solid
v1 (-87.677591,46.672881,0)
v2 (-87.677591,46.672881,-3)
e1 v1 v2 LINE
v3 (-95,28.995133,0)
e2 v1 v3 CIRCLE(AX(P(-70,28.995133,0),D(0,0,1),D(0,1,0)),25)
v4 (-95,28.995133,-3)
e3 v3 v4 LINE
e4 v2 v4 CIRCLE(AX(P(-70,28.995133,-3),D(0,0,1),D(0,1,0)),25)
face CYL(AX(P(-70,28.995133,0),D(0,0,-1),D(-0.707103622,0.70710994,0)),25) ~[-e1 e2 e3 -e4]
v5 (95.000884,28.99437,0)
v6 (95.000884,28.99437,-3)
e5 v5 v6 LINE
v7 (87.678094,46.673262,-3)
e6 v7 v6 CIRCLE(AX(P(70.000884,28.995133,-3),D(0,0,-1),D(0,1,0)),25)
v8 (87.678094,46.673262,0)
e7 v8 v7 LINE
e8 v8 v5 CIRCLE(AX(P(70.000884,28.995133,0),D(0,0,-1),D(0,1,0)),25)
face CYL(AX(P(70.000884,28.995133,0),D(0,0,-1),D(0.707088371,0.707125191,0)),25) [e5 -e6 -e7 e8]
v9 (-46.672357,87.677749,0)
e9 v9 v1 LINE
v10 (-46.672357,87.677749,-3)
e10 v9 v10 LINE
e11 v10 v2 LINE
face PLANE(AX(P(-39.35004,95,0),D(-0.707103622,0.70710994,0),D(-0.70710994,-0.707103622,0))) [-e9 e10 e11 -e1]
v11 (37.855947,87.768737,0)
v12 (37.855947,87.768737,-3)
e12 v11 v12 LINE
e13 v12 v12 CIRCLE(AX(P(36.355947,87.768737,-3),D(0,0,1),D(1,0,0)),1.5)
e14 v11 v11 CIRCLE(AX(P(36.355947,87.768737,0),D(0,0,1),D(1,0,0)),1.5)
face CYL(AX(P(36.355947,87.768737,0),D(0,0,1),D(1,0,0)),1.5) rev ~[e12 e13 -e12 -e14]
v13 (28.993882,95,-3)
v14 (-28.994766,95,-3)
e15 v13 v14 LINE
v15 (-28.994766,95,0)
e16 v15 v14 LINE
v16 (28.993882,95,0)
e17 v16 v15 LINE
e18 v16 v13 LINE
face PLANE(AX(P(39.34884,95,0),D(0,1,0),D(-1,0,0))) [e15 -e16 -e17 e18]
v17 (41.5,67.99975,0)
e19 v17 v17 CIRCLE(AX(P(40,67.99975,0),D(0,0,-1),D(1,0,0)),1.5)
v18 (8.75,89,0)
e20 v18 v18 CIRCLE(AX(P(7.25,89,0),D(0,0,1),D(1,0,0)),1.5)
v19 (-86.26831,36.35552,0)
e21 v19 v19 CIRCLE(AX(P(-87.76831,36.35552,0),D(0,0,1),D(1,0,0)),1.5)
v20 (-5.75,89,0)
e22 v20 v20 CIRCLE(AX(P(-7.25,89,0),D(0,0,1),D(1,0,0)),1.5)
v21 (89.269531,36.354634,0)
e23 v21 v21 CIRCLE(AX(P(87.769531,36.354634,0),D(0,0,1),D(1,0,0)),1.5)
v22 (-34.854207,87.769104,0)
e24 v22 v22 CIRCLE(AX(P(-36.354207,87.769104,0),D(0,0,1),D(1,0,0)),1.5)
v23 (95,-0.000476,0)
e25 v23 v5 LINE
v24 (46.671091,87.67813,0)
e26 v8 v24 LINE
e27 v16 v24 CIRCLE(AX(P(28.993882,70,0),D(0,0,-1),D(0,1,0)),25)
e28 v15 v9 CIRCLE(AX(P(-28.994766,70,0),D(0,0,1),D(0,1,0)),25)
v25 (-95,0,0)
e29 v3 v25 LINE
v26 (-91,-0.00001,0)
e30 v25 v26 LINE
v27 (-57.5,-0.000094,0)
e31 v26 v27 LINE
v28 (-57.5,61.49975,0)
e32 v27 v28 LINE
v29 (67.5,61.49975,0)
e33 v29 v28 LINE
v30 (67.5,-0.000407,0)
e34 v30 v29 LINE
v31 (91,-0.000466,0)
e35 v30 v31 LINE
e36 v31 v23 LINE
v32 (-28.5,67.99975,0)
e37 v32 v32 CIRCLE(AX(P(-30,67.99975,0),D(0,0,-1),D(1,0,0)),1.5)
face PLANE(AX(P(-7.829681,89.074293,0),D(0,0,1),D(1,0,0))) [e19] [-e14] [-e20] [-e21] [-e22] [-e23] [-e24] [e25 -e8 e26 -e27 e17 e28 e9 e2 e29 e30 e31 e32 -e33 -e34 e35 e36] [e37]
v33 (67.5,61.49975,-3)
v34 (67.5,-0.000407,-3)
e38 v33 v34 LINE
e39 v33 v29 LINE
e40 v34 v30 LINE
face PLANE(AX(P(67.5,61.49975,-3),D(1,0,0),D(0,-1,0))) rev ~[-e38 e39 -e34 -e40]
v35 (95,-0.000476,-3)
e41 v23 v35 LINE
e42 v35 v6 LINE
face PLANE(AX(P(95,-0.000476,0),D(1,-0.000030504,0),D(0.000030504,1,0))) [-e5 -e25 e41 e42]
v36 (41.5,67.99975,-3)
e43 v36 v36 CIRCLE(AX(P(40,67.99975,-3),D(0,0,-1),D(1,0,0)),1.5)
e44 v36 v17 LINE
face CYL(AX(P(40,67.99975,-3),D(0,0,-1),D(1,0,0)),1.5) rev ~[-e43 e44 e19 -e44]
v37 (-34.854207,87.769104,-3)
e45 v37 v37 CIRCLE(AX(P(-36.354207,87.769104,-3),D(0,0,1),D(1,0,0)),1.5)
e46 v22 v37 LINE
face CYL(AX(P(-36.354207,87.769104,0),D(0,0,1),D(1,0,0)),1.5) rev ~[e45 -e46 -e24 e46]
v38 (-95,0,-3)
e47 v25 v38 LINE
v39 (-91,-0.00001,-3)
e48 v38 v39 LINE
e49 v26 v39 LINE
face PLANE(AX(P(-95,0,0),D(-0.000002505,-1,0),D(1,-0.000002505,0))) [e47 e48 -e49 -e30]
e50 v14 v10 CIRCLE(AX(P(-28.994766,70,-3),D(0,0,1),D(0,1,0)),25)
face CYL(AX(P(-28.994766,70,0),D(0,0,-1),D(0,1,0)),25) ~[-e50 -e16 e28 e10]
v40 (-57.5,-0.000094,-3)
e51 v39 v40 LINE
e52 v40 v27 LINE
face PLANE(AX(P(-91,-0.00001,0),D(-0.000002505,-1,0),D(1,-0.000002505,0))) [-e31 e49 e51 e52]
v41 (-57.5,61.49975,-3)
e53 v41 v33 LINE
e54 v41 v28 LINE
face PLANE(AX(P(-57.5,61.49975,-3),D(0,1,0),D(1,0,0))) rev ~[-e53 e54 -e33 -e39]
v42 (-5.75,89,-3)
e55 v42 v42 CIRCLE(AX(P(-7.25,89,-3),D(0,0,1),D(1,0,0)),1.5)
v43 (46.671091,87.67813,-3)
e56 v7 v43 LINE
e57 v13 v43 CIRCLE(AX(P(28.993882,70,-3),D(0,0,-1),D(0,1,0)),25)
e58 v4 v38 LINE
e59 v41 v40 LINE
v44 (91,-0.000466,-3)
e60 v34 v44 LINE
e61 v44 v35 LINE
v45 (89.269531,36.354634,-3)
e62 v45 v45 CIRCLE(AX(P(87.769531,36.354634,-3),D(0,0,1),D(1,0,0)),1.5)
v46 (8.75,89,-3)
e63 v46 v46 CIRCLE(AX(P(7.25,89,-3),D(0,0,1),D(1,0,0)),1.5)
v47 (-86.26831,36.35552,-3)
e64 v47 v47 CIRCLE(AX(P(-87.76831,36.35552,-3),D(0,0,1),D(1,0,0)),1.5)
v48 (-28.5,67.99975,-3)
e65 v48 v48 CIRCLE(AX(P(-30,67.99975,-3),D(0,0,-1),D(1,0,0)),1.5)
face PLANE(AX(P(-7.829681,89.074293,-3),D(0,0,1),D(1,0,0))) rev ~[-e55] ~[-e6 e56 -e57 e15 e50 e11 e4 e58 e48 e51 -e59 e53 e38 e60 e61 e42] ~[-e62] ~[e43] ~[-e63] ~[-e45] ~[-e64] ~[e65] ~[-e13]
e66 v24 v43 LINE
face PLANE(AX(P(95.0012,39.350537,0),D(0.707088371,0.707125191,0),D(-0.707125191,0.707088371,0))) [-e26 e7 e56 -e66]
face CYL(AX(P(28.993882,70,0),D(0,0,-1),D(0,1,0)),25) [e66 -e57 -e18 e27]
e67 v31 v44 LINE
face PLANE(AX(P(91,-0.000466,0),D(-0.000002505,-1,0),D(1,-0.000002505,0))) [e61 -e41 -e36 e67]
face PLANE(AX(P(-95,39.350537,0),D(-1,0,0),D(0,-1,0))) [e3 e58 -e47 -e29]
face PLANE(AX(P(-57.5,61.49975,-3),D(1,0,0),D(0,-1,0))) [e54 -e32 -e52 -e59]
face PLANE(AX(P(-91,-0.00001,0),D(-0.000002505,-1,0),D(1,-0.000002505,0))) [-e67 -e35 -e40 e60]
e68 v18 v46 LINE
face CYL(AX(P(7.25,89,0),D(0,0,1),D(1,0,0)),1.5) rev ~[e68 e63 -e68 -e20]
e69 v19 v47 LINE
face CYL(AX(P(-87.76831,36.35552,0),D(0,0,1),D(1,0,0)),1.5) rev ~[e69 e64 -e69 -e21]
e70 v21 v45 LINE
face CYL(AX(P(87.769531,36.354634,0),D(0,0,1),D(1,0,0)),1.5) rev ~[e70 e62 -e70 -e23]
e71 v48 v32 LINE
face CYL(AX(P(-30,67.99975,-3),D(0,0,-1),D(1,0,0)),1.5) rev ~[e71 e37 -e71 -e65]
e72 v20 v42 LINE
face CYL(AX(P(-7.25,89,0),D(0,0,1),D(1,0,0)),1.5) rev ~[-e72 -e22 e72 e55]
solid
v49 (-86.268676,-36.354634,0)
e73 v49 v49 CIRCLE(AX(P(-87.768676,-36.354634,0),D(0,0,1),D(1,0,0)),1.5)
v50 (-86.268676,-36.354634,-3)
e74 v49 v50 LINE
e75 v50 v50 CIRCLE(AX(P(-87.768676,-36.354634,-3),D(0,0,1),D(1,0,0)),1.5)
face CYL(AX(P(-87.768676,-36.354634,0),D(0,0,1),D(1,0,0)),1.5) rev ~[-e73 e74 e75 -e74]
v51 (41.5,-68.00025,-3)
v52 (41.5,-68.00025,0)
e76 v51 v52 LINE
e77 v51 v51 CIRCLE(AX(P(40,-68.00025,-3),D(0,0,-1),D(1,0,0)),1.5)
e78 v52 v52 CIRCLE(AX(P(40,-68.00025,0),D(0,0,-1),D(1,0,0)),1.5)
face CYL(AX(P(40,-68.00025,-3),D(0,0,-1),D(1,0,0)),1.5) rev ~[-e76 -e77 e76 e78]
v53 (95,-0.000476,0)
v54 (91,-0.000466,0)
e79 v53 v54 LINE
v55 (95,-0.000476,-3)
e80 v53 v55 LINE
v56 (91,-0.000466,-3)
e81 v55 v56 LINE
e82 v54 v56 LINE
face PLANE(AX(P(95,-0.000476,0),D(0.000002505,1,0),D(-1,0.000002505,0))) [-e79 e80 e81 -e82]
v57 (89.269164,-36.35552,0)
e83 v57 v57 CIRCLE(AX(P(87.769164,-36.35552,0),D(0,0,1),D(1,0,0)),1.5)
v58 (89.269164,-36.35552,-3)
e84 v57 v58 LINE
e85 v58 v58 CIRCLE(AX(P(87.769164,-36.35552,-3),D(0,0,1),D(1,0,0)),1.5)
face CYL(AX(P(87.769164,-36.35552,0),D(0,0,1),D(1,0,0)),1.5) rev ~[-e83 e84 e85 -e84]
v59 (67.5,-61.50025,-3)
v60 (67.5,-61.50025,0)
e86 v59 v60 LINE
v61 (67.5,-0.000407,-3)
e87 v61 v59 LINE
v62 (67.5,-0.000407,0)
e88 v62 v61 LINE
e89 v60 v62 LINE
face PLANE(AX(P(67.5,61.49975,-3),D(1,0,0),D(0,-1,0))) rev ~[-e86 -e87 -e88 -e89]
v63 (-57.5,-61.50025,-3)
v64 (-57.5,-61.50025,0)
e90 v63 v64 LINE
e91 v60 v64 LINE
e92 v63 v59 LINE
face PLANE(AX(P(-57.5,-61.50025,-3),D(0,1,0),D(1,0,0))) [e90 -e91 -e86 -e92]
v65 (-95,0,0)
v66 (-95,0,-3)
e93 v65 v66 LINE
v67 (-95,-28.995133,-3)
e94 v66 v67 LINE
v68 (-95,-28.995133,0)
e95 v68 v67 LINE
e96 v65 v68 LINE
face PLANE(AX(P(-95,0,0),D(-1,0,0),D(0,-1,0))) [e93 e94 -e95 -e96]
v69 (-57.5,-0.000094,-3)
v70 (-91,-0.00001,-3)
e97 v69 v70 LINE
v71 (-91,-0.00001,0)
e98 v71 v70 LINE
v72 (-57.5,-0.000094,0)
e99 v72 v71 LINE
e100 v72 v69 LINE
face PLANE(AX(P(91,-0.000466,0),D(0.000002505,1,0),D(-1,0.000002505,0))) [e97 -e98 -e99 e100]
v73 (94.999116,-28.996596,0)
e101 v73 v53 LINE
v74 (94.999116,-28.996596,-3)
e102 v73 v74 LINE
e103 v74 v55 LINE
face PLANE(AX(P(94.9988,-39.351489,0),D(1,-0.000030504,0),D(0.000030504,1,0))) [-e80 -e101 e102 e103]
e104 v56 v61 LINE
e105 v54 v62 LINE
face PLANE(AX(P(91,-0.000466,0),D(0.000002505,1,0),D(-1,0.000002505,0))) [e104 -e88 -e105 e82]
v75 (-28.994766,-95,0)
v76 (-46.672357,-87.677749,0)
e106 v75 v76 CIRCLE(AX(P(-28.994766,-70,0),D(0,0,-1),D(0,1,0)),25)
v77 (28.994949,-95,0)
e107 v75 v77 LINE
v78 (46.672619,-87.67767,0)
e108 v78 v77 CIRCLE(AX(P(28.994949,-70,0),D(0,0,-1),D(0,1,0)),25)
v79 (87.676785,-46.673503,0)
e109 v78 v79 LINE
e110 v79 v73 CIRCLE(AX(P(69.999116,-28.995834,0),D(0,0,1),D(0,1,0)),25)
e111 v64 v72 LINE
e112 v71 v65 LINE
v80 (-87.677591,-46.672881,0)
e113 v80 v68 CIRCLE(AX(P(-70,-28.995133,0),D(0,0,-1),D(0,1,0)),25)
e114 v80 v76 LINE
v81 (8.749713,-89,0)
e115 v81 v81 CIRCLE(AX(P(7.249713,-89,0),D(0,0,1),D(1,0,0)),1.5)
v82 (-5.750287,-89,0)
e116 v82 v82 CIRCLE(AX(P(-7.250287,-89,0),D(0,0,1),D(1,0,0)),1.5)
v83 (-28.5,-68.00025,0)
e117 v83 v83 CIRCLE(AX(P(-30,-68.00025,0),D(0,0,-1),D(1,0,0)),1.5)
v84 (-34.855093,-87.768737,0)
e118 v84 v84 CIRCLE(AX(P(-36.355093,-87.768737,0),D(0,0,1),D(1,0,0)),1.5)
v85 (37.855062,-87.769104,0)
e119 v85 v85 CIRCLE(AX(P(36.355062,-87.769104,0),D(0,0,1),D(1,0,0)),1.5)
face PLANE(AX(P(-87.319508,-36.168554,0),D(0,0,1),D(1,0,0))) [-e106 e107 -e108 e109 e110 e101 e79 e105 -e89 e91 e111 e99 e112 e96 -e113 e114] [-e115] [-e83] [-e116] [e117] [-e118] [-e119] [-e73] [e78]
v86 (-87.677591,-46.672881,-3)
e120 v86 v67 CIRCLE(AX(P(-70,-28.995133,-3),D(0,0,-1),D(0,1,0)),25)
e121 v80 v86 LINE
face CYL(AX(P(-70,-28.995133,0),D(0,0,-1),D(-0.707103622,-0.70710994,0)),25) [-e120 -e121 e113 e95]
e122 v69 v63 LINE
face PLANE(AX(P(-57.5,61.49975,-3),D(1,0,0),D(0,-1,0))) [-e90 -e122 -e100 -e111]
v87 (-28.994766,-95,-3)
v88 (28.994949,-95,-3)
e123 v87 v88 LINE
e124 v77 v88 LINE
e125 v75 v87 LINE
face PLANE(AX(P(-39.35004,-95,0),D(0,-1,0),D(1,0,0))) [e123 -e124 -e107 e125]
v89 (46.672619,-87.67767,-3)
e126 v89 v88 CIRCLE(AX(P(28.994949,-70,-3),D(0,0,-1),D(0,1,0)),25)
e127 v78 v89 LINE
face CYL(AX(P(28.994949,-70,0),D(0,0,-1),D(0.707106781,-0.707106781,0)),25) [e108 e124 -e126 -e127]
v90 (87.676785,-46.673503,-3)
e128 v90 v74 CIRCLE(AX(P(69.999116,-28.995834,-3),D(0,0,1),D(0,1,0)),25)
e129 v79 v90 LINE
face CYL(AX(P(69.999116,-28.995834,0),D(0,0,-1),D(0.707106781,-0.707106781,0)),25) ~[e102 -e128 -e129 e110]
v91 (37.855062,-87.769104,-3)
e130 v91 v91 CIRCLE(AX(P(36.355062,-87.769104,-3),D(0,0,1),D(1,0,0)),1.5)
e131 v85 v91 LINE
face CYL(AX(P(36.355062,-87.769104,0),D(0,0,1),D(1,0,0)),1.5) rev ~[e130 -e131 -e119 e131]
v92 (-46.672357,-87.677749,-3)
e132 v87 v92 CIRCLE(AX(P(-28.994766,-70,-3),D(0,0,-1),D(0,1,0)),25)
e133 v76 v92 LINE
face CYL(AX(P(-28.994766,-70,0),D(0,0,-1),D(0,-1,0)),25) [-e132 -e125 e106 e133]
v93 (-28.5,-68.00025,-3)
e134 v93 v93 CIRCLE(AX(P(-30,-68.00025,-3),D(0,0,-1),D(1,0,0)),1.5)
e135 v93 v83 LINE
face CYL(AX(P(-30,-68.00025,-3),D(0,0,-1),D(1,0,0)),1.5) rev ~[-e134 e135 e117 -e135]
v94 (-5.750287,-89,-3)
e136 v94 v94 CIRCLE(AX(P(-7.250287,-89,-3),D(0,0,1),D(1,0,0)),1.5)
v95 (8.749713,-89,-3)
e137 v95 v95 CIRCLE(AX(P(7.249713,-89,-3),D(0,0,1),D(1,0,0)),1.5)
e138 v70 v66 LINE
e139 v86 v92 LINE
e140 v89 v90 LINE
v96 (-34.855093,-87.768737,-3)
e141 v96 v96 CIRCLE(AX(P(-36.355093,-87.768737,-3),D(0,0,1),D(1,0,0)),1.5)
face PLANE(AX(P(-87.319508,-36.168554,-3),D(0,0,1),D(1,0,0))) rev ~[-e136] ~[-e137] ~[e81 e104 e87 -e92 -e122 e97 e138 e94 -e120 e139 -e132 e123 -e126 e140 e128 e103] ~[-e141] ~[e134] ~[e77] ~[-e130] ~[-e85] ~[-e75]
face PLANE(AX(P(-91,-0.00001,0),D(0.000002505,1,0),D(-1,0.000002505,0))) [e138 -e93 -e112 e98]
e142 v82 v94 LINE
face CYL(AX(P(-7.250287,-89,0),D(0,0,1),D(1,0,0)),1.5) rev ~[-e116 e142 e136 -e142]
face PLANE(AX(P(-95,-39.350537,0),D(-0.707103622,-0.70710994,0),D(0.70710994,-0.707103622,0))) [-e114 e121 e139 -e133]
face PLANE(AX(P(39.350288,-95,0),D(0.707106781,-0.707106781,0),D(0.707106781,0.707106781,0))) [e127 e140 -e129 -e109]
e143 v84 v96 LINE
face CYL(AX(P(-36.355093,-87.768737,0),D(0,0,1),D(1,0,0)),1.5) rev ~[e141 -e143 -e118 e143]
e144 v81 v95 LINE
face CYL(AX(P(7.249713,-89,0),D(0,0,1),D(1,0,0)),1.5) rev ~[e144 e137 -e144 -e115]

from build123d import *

# Parameters (mm, degrees)
F0_R     = 1.5
F1_DEPTH = 3
F2_DEPTH = 3
F3_R     = 1.5
F3_W     = 125
F3_H     = 123
F4_DEPTH = 25
F5_R     = 25
F5_2_R   = 25


with BuildPart() as f1:
    # F0 (on Top) → F1 (new body)
    with BuildSketch(Plane.XY):
        with BuildLine():
            ThreePointArc((0, 89), (-0.6973463578, 89.9599418783), (-1.2683625187, 91))
            Line((-1.2683625187, 91), (-15.7683625187, 91))
            ThreePointArc((-15.7683625187, 91), (-8.4341392949, 85.6640311627), (0, 89))
        make_face()
        with Locations((-7.25, 89)):
            Circle(F0_R, mode=Mode.SUBTRACT)
        with BuildLine():
            Line((15.7683625187, 91), (1.2683625187, 91))
            ThreePointArc((1.2683625187, 91), (0.6973463578, 89.9599418783), (0, 89))
            ThreePointArc((0, 89), (8.4341392949, 85.6640311627), (15.7683625187, 91))
        make_face()
        with Locations((7.25, 89)):
            Circle(F0_R, mode=Mode.SUBTRACT)
        with BuildLine():
            Line((1.2683625187, 91), (-0.000574854, 91))
            Line((-0.000574854, 91), (0, 89))
            ThreePointArc((0, 89), (0.6973463578, 89.9599418783), (1.2683625187, 91))
        make_face()
        with BuildLine():
            Line((0, 89), (-0.000574854, 91))
            Line((-0.000574854, 91), (-1.2683625187, 91))
            ThreePointArc((-1.2683625187, 91), (-0.6973463578, 89.9599418783), (0, 89))
        make_face()
        with BuildLine():
            Line((-91, 37.6936723133), (-91, 28.0082585))
            ThreePointArc((-91, 28.0082585), (-83.8880424277, 34.7482164852), (-84.1505981222, 44.5430129946))
            Line((-84.1505981222, 44.5430129946), (-91, 37.6936723133))
        make_face()
        with Locations((-87.7683096221, 36.3555198846)):
            Circle(F0_R, mode=Mode.SUBTRACT)
        with BuildLine():
            Line((-91, 28.0082585), (-91, -1.00187e-05))
            Line((-91, -1.00187e-05), (91.0000000281, -0.0004658706))
            Line((91.0000000281, -0.0004658706), (91.0008543633, 28.0070940869))
            ThreePointArc((91.0008543633, 28.0070940869), (83.8892324192, 34.747406207), (84.1522758499, 44.5421896302))
            Line((84.1522758499, 44.5421896302), (44.5420451533, 84.150357852))
            ThreePointArc((44.5420451533, 84.150357852), (34.748138544, 83.8886788641), (28.008836335, 91))
            Line((28.008836335, 91), (15.7683625187, 91))
            ThreePointArc((15.7683625187, 91), (8.4341392949, 85.6640311627), (0, 89))
            ThreePointArc((0, 89), (-8.4341392949, 85.6640311627), (-15.7683625187, 91))
            Line((-15.7683625187, 91), (-28.0068175825, 91))
            ThreePointArc((-28.0068175825, 91), (-34.7470657033, 83.8887693351), (-44.5415231064, 84.1517341196))
            Line((-44.5415231064, 84.1517341196), (-84.1505981222, 44.5430129946))
            ThreePointArc((-84.1505981222, 44.5430129946), (-83.8880424277, 34.7482164852), (-91, 28.0082585))
        make_face()
        with BuildLine():
            Line((-37.6931960391, 91), (-44.5415231064, 84.1517341196))
            ThreePointArc((-44.5415231064, 84.1517341196), (-34.7470657033, 83.8887693351), (-28.0068175825, 91))
            Line((-28.0068175825, 91), (-37.6931960391, 91))
        make_face()
        with Locations((-36.3542071419, 87.769103613)):
            Circle(F0_R, mode=Mode.SUBTRACT)
        Polygon((-95, 39.3505370304), (-95, 0), (-91, -1.00187e-05), (-91, 28.0082585), (-91, 37.6936723133), (-84.1505981222, 44.5430129946), (-44.5415231064, 84.1517341196), (-37.6931960391, 91), (-28.0068175825, 91), (-15.7683625187, 91), (-1.2683625187, 91), (-0.000574854, 91), (-0.0006001223, 95), (-39.350039821, 95), align=None)
        Polygon((91.0008543633, 28.0070940869), (91.0000000281, -0.0004658706), (95.0000000297, -0.0004758893), (95.0012003826, 39.3505369701), (39.3488395763, 95), (-0.0006001223, 95), (-0.000574854, 91), (1.2683625187, 91), (15.7683625187, 91), (28.008836335, 91), (37.692046331, 91), (44.5420451533, 84.150357852), (84.1522758499, 44.5421896302), (91.0011498402, 37.6936722556), align=None)
        with BuildLine():
            ThreePointArc((84.1522758499, 44.5421896302), (83.8892324192, 34.747406207), (91.0008543633, 28.0070940869))
            Line((91.0008543633, 28.0070940869), (91.0011498402, 37.6936722556))
            Line((91.0011498402, 37.6936722556), (84.1522758499, 44.5421896302))
        make_face()
        with Locations((87.7695307984, 36.3546343199)):
            Circle(F0_R, mode=Mode.SUBTRACT)
        with BuildLine():
            ThreePointArc((28.008836335, 91), (34.748138544, 83.8886788641), (44.5420451533, 84.150357852))
            Line((44.5420451533, 84.150357852), (37.692046331, 91))
            Line((37.692046331, 91), (28.008836335, 91))
        make_face()
        with Locations((36.3559470699, 87.7687368001)):
            Circle(F0_R, mode=Mode.SUBTRACT)
    extrude(amount=-F1_DEPTH)


with BuildPart() as f2:
    # F0 (on Top) → F2 (new body)
    with BuildSketch(Plane.XY):
        with BuildLine():
            ThreePointArc((-84.1514214865, -44.5421896376), (-83.8883780558, -34.7474062144), (-91, -28.0070940943))
            Line((-91, -28.0070940943), (-91, -37.6936723133))
            Line((-91, -37.6936723133), (-84.1514214865, -44.5421896376))
        make_face()
        with Locations((-87.768676435, -36.3546343273)):
            Circle(F0_R, mode=Mode.SUBTRACT)
        with BuildLine():
            Line((90.9988502167, -37.6945839593), (90.9991456674, -28.0088612088))
            ThreePointArc((90.9991456674, -28.0088612088), (83.8886980637, -34.7486962581), (84.1511187188, -44.5423154571))
            Line((84.1511187188, -44.5423154571), (90.9988502167, -37.6945839593))
        make_face()
        with Locations((87.7691639855, -36.3555198919)):
            Circle(F0_R, mode=Mode.SUBTRACT)
        with BuildLine():
            Line((37.693434176, -91), (44.5419192997, -84.1515148763))
            ThreePointArc((44.5419192997, -84.1515148763), (34.747685436, -83.8888665236), (28.0076719484, -91))
            Line((28.0076719484, -91), (37.693434176, -91))
        make_face()
        with Locations((36.3550615053, -87.7691036204)):
            Circle(F0_R, mode=Mode.SUBTRACT)
        with BuildLine():
            ThreePointArc((-0.000287427, -89.0000000674), (0.6970589308, -89.9599419458), (1.2680750917, -91.0000000674))
            Line((1.2680750917, -91), (15.7680750917, -91))
            ThreePointArc((15.7680750917, -91.0000000674), (8.4338518679, -85.6640312302), (-0.000287427, -89.0000000674))
        make_face()
        with Locations((7.249712573, -89.0000000674)):
            Circle(F0_R, mode=Mode.SUBTRACT)
        with BuildLine():
            Line((-15.7686499457, -91), (-1.2686499457, -91))
            ThreePointArc((-1.2686499457, -91.0000000674), (-0.6976337848, -89.9599419458), (-0.000287427, -89.0000000674))
            ThreePointArc((-0.000287427, -89.0000000674), (-8.4344267219, -85.6640312302), (-15.7686499457, -91.0000000674))
        make_face()
        with Locations((-7.250287427, -89.0000000674)):
            Circle(F0_R, mode=Mode.SUBTRACT)
        with BuildLine():
            ThreePointArc((-28.0079819742, -91), (-34.7478759774, -83.8884337109), (-44.5423464609, -84.1509107725))
            Line((-44.5423464609, -84.1509107725), (-37.6931960391, -91))
            Line((-37.6931960391, -91), (-28.0079819742, -91))
        make_face()
        with Locations((-36.3550927066, -87.7687368075)):
            Circle(F0_R, mode=Mode.SUBTRACT)
        with BuildLine():
            Line((-1.2686499457, -91), (0.0001190684, -91))
            Line((0.0001190684, -91), (0.000287427, -91))
            Line((0.000287427, -91.0000000674), (-0.000287427, -89.0000000674))
            ThreePointArc((-0.000287427, -89.0000000674), (-0.6976337848, -89.9599419458), (-1.2686499457, -91.0000000674))
        make_face()
        with BuildLine():
            Line((-0.000287427, -89.0000000674), (0.000287427, -91.0000000674))
            Line((0.000287427, -91), (1.2680750917, -91))
            ThreePointArc((1.2680750917, -91.0000000674), (0.6970589308, -89.9599419458), (-0.000287427, -89.0000000674))
        make_face()
        with BuildLine():
            Line((91.0000000281, -0.0004658706), (-91, -1.00187e-05))
            Line((-91, -1.00187e-05), (-91, -28.0070940943))
            ThreePointArc((-91, -28.0070940943), (-83.8883780558, -34.7474062144), (-84.1514214865, -44.5421896376))
            Line((-84.1514214865, -44.5421896376), (-44.5423464609, -84.1509107725))
            ThreePointArc((-44.5423464609, -84.1509107725), (-34.7478759774, -83.8884337109), (-28.0079819742, -91))
            Line((-28.0079819742, -91), (-15.7686499457, -91))
            ThreePointArc((-15.7686499457, -91.0000000674), (-8.4344267219, -85.6640312302), (-0.000287427, -89.0000000674))
            ThreePointArc((-0.000287427, -89.0000000674), (8.4338518679, -85.6640312302), (15.7680750917, -91.0000000674))
            Line((15.7680750917, -91), (28.0076719484, -91))
            ThreePointArc((28.0076719484, -91), (34.747685436, -83.8888665236), (44.5419192997, -84.1515148763))
            Line((44.5419192997, -84.1515148763), (84.1511187188, -44.5423154571))
            ThreePointArc((84.1511187188, -44.5423154571), (83.8886980637, -34.7486962581), (90.9991456674, -28.0088612088))
            Line((90.9991456674, -28.0088612088), (91.0000000281, -0.0004658706))
        make_face()
        Polygon((0.0001190684, -91), (0.0001243022, -95), (39.3502884254, -95), (94.9987996768, -39.3514887487), (95.0000000297, -0.0004758893), (91.0000000281, -0.0004658706), (90.9991456674, -28.0088612088), (90.9988502167, -37.6945839593), (84.1511187188, -44.5423154571), (44.5419192997, -84.1515148763), (37.693434176, -91), (28.0076719484, -91), (15.7680750917, -91), (1.2680750917, -91), (0.000287427, -91), align=None)
        Polygon((-95, 0), (-95, -39.3505370304), (-39.350039821, -95), (0.0001243022, -95), (0.0001190684, -91), (-1.2686499457, -91), (-15.7686499457, -91), (-28.0079819742, -91), (-37.6931960391, -91), (-44.5423464609, -84.1509107725), (-84.1514214865, -44.5421896376), (-91, -37.6936723133), (-91, -28.0070940943), (-91, -1.00187e-05), align=None)
    extrude(amount=-F2_DEPTH)


with BuildPart() as f4_tool:
    # F3 (on face) → F4 (new body)
    with BuildSketch(Plane(origin=(0, 0, -3), x_dir=(1, 0, 0), z_dir=(0, 0, -1))):
        with Locations((-29.9999999852, 68.000250468)):
            Circle(F3_R)
        with Locations((40.0000000148, 68.000250468)):
            Circle(F3_R)
        with Locations((40.0000000148, -67.999749532)):
            Circle(F3_R)
        with Locations((-29.9999999852, -67.999749532)):
            Circle(F3_R)
        with Locations((5.0000000148, 0.000250468)):
            Rectangle(F3_W, F3_H)
    extrude(amount=-F4_DEPTH)


with BuildPart() as f1_1:
    add(f1.part)

    # F4: cut by f4_tool
    add(f4_tool.part, mode=Mode.SUBTRACT)

    # F5#2
    f5_2_edges = [f1_1.edges().sort_by_distance(p)[0] for p in [
        (-95, 39.350537, -1.5),
        (-39.35004, 95, -1.5),
        (39.34884, 95, -1.5),
        (95.0012, 39.350537, -1.5),
    ]]
    fillet(f5_2_edges, radius=F5_2_R)


with BuildPart() as f2_1:
    add(f2.part)

    # F4: cut by f4_tool
    add(f4_tool.part, mode=Mode.SUBTRACT)

    # F5
    f5_edges = [f2_1.edges().sort_by_distance(p)[0] for p in [
        (39.350288, -95, -1.5),
        (-39.35004, -95, -1.5),
        (-95, -39.350537, -1.5),
        (94.9988, -39.351489, -1.5),
    ]]
    fillet(f5_edges, radius=F5_R)


solid = Compound([f1_1.part, f2_1.part])
